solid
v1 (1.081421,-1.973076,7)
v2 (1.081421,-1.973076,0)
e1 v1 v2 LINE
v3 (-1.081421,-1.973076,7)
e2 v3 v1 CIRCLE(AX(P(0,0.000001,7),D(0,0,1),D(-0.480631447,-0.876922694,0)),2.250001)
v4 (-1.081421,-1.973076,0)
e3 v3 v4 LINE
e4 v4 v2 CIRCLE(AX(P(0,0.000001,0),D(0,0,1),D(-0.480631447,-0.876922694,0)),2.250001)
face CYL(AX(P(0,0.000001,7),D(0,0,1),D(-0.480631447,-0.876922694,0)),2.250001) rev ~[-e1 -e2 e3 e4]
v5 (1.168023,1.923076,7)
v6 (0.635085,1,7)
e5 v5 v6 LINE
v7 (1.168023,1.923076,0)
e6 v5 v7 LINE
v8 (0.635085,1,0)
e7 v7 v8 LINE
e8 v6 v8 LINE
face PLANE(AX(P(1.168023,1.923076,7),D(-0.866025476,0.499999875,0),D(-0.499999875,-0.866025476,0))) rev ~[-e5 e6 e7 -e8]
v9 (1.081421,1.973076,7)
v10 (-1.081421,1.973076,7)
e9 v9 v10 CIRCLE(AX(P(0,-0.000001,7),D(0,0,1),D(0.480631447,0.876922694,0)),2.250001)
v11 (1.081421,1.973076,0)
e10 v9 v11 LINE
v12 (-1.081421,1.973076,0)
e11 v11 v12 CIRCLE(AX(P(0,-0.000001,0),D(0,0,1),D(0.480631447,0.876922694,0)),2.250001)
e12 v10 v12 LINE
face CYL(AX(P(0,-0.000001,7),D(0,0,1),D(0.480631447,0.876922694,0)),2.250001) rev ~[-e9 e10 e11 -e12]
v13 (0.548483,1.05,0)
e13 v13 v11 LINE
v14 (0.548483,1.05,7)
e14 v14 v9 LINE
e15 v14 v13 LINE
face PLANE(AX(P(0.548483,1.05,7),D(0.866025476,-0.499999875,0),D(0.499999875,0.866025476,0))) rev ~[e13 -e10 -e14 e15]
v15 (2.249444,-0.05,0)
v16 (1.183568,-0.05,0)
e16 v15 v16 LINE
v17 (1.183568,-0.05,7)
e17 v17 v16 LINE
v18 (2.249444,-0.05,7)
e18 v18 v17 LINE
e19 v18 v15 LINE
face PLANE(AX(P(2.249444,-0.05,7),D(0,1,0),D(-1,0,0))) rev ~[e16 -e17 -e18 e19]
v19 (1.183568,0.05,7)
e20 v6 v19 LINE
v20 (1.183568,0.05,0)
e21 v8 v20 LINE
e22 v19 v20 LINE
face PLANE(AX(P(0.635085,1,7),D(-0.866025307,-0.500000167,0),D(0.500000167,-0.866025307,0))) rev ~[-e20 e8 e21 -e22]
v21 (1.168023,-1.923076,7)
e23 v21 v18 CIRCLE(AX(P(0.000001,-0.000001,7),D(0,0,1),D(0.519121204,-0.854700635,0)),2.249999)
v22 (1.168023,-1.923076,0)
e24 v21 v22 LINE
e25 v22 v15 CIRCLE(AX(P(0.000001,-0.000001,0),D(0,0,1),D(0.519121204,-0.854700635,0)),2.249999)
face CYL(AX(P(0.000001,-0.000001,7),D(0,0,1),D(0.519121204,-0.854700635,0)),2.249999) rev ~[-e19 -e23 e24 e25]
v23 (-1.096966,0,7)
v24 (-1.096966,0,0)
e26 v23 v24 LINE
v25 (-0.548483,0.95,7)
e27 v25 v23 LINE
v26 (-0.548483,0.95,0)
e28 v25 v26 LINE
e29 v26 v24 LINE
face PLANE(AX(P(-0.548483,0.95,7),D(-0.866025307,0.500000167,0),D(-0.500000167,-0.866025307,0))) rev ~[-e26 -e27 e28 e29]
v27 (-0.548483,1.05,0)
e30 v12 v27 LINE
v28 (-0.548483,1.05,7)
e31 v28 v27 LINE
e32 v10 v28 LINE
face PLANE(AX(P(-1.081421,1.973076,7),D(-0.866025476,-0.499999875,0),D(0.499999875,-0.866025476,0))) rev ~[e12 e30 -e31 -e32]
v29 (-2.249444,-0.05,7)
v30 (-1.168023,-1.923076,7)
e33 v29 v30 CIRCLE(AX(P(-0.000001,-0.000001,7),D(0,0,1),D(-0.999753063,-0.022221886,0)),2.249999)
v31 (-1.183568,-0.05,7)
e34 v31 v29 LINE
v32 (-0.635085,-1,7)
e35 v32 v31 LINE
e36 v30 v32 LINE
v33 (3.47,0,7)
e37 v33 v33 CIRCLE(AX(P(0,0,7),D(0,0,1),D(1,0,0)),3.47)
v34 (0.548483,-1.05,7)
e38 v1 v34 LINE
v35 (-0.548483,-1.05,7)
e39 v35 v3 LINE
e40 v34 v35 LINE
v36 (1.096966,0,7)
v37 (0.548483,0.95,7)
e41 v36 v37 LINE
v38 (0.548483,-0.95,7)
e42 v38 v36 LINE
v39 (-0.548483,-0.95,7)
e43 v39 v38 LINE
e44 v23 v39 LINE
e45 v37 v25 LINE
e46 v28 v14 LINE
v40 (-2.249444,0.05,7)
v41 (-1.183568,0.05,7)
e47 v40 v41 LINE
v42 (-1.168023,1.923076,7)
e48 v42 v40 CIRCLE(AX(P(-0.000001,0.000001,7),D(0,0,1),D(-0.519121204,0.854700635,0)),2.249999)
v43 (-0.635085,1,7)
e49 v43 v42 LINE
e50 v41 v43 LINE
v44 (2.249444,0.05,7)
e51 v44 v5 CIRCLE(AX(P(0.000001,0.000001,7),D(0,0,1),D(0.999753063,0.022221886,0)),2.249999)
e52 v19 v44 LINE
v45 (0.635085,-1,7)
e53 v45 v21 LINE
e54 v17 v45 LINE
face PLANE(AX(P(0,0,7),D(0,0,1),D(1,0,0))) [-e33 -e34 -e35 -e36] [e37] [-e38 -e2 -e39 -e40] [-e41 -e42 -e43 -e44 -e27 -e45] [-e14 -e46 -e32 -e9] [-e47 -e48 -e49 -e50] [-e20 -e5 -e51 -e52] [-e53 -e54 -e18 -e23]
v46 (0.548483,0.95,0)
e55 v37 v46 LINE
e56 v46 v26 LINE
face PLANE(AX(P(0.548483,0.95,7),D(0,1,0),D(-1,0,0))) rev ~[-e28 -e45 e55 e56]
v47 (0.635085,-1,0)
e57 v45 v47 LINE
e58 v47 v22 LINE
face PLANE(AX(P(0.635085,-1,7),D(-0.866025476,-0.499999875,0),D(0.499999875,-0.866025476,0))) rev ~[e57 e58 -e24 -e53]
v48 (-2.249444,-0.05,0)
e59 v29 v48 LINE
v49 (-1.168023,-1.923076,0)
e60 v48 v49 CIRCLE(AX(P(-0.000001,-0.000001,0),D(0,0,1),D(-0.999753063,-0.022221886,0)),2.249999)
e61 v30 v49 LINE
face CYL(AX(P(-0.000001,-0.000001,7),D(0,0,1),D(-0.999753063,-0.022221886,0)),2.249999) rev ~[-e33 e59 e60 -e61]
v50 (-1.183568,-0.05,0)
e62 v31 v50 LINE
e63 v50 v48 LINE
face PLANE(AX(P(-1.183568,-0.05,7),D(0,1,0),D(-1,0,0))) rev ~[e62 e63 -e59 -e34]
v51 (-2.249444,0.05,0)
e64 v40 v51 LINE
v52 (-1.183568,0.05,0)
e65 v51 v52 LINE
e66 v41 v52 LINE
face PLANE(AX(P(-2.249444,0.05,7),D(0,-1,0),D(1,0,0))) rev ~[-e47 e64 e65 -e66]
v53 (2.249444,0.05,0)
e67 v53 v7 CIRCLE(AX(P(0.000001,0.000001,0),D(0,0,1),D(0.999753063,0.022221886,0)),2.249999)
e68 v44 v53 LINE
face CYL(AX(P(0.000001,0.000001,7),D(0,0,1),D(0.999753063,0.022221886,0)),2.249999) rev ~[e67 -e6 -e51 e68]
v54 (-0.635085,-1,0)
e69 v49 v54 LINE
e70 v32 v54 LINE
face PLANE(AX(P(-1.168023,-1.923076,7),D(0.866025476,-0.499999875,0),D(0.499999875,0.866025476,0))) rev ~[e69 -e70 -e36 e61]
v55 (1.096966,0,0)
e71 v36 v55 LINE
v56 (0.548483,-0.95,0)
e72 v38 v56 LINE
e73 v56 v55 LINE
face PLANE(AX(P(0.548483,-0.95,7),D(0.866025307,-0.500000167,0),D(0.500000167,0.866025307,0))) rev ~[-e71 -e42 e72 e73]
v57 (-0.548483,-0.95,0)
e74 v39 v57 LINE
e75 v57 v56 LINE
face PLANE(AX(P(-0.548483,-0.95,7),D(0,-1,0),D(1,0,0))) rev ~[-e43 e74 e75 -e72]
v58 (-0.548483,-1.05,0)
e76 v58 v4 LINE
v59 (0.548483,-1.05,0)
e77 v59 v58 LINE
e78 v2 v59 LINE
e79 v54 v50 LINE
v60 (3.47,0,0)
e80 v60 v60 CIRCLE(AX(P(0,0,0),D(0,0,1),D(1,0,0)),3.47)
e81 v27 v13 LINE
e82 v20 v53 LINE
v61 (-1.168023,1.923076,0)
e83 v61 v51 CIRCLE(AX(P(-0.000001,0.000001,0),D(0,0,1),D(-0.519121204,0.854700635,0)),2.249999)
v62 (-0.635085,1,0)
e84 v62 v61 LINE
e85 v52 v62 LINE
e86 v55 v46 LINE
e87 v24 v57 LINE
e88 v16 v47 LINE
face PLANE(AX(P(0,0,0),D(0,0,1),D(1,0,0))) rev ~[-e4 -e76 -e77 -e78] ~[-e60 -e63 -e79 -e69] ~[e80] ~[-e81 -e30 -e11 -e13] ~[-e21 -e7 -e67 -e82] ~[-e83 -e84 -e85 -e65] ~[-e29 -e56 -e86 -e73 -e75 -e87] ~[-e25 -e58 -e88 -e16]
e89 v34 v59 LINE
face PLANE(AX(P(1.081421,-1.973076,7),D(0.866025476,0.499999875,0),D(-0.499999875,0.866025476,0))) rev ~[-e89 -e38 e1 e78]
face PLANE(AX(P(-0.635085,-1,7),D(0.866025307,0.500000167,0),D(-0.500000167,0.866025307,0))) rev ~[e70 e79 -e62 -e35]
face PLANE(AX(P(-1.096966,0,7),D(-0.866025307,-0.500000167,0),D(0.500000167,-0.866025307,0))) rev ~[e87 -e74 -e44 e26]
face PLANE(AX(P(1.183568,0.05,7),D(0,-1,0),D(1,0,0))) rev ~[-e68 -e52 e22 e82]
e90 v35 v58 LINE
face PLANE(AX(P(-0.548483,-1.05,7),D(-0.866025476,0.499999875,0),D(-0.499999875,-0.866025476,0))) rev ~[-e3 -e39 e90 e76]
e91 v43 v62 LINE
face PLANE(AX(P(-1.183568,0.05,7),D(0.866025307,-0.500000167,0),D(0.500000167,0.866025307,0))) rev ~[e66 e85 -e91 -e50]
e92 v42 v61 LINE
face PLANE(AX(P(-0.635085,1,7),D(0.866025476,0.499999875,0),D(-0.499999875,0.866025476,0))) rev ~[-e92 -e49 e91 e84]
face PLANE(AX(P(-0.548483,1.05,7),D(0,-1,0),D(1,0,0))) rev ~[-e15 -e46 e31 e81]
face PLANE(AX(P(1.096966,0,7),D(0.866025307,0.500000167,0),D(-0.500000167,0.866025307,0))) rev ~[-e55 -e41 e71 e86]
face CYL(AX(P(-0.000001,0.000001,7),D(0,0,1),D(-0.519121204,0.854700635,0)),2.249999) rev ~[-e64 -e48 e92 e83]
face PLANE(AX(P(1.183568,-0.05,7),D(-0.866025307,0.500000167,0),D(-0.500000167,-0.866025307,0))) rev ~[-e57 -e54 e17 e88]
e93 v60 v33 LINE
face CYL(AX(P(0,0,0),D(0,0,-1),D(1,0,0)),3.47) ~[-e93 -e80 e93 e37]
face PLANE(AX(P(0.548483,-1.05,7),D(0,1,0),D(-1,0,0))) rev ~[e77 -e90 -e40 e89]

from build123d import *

# Parameters (mm, degrees)
F0_R     = 3.47
F1_DEPTH = 7
F3_DEPTH = 7


with BuildPart() as f1:
    # F0 (on Top) → F1 (new body)
    with BuildSketch(Plane.XY):
        Circle(F0_R)
    extrude(amount=F1_DEPTH)

    # F2 (on face) → F3 (cut)
    with BuildSketch(Plane.XY.offset(7)):
        with BuildLine():
            Line((-0.635085, 1), (-1.168023, 1.923076))
            ThreePointArc((-1.168023, 1.923076), (-1.948557, 1.125), (-2.249444, 0.05))
            Line((-2.249444, 0.05), (-1.183568, 0.05))
            Line((-1.183568, 0.05), (-0.635085, 1))
        make_face()
        with BuildLine():
            Line((-1.081421, 1.973076), (-0.548483, 1.05))
            Line((-0.548483, 1.05), (0.548483, 1.05))
            Line((0.548483, 1.05), (1.081421, 1.973076))
            ThreePointArc((1.081421, 1.973076), (0, 2.25), (-1.081421, 1.973076))
        make_face()
        with BuildLine():
            ThreePointArc((2.249444, 0.05), (1.948557, 1.125), (1.168023, 1.923076))
            Line((1.168023, 1.923076), (0.635085, 1))
            Line((0.635085, 1), (1.183568, 0.05))
            Line((1.183568, 0.05), (2.249444, 0.05))
        make_face()
        Polygon((-0.548483, -0.95), (0.548483, -0.95), (1.096966, 0), (0.548483, 0.95), (-0.548483, 0.95), (-1.096966, 0), align=None)
        with BuildLine():
            ThreePointArc((1.168023, -1.923076), (1.948557, -1.125), (2.249444, -0.05))
            Line((2.249444, -0.05), (1.183568, -0.05))
            Line((1.183568, -0.05), (0.635085, -1))
            Line((0.635085, -1), (1.168023, -1.923076))
        make_face()
        with BuildLine():
            Line((-0.548483, -1.05), (-1.081421, -1.973076))
            ThreePointArc((-1.081421, -1.973076), (0, -2.25), (1.081421, -1.973076))
            Line((1.081421, -1.973076), (0.548483, -1.05))
            Line((0.548483, -1.05), (-0.548483, -1.05))
        make_face()
        with BuildLine():
            Line((-1.183568, -0.05), (-2.249444, -0.05))
            ThreePointArc((-2.249444, -0.05), (-1.948557, -1.125), (-1.168023, -1.923076))
            Line((-1.168023, -1.923076), (-0.635085, -1))
            Line((-0.635085, -1), (-1.183568, -0.05))
        make_face()
    extrude(amount=-F3_DEPTH, mode=Mode.SUBTRACT)


solid = f1.part
